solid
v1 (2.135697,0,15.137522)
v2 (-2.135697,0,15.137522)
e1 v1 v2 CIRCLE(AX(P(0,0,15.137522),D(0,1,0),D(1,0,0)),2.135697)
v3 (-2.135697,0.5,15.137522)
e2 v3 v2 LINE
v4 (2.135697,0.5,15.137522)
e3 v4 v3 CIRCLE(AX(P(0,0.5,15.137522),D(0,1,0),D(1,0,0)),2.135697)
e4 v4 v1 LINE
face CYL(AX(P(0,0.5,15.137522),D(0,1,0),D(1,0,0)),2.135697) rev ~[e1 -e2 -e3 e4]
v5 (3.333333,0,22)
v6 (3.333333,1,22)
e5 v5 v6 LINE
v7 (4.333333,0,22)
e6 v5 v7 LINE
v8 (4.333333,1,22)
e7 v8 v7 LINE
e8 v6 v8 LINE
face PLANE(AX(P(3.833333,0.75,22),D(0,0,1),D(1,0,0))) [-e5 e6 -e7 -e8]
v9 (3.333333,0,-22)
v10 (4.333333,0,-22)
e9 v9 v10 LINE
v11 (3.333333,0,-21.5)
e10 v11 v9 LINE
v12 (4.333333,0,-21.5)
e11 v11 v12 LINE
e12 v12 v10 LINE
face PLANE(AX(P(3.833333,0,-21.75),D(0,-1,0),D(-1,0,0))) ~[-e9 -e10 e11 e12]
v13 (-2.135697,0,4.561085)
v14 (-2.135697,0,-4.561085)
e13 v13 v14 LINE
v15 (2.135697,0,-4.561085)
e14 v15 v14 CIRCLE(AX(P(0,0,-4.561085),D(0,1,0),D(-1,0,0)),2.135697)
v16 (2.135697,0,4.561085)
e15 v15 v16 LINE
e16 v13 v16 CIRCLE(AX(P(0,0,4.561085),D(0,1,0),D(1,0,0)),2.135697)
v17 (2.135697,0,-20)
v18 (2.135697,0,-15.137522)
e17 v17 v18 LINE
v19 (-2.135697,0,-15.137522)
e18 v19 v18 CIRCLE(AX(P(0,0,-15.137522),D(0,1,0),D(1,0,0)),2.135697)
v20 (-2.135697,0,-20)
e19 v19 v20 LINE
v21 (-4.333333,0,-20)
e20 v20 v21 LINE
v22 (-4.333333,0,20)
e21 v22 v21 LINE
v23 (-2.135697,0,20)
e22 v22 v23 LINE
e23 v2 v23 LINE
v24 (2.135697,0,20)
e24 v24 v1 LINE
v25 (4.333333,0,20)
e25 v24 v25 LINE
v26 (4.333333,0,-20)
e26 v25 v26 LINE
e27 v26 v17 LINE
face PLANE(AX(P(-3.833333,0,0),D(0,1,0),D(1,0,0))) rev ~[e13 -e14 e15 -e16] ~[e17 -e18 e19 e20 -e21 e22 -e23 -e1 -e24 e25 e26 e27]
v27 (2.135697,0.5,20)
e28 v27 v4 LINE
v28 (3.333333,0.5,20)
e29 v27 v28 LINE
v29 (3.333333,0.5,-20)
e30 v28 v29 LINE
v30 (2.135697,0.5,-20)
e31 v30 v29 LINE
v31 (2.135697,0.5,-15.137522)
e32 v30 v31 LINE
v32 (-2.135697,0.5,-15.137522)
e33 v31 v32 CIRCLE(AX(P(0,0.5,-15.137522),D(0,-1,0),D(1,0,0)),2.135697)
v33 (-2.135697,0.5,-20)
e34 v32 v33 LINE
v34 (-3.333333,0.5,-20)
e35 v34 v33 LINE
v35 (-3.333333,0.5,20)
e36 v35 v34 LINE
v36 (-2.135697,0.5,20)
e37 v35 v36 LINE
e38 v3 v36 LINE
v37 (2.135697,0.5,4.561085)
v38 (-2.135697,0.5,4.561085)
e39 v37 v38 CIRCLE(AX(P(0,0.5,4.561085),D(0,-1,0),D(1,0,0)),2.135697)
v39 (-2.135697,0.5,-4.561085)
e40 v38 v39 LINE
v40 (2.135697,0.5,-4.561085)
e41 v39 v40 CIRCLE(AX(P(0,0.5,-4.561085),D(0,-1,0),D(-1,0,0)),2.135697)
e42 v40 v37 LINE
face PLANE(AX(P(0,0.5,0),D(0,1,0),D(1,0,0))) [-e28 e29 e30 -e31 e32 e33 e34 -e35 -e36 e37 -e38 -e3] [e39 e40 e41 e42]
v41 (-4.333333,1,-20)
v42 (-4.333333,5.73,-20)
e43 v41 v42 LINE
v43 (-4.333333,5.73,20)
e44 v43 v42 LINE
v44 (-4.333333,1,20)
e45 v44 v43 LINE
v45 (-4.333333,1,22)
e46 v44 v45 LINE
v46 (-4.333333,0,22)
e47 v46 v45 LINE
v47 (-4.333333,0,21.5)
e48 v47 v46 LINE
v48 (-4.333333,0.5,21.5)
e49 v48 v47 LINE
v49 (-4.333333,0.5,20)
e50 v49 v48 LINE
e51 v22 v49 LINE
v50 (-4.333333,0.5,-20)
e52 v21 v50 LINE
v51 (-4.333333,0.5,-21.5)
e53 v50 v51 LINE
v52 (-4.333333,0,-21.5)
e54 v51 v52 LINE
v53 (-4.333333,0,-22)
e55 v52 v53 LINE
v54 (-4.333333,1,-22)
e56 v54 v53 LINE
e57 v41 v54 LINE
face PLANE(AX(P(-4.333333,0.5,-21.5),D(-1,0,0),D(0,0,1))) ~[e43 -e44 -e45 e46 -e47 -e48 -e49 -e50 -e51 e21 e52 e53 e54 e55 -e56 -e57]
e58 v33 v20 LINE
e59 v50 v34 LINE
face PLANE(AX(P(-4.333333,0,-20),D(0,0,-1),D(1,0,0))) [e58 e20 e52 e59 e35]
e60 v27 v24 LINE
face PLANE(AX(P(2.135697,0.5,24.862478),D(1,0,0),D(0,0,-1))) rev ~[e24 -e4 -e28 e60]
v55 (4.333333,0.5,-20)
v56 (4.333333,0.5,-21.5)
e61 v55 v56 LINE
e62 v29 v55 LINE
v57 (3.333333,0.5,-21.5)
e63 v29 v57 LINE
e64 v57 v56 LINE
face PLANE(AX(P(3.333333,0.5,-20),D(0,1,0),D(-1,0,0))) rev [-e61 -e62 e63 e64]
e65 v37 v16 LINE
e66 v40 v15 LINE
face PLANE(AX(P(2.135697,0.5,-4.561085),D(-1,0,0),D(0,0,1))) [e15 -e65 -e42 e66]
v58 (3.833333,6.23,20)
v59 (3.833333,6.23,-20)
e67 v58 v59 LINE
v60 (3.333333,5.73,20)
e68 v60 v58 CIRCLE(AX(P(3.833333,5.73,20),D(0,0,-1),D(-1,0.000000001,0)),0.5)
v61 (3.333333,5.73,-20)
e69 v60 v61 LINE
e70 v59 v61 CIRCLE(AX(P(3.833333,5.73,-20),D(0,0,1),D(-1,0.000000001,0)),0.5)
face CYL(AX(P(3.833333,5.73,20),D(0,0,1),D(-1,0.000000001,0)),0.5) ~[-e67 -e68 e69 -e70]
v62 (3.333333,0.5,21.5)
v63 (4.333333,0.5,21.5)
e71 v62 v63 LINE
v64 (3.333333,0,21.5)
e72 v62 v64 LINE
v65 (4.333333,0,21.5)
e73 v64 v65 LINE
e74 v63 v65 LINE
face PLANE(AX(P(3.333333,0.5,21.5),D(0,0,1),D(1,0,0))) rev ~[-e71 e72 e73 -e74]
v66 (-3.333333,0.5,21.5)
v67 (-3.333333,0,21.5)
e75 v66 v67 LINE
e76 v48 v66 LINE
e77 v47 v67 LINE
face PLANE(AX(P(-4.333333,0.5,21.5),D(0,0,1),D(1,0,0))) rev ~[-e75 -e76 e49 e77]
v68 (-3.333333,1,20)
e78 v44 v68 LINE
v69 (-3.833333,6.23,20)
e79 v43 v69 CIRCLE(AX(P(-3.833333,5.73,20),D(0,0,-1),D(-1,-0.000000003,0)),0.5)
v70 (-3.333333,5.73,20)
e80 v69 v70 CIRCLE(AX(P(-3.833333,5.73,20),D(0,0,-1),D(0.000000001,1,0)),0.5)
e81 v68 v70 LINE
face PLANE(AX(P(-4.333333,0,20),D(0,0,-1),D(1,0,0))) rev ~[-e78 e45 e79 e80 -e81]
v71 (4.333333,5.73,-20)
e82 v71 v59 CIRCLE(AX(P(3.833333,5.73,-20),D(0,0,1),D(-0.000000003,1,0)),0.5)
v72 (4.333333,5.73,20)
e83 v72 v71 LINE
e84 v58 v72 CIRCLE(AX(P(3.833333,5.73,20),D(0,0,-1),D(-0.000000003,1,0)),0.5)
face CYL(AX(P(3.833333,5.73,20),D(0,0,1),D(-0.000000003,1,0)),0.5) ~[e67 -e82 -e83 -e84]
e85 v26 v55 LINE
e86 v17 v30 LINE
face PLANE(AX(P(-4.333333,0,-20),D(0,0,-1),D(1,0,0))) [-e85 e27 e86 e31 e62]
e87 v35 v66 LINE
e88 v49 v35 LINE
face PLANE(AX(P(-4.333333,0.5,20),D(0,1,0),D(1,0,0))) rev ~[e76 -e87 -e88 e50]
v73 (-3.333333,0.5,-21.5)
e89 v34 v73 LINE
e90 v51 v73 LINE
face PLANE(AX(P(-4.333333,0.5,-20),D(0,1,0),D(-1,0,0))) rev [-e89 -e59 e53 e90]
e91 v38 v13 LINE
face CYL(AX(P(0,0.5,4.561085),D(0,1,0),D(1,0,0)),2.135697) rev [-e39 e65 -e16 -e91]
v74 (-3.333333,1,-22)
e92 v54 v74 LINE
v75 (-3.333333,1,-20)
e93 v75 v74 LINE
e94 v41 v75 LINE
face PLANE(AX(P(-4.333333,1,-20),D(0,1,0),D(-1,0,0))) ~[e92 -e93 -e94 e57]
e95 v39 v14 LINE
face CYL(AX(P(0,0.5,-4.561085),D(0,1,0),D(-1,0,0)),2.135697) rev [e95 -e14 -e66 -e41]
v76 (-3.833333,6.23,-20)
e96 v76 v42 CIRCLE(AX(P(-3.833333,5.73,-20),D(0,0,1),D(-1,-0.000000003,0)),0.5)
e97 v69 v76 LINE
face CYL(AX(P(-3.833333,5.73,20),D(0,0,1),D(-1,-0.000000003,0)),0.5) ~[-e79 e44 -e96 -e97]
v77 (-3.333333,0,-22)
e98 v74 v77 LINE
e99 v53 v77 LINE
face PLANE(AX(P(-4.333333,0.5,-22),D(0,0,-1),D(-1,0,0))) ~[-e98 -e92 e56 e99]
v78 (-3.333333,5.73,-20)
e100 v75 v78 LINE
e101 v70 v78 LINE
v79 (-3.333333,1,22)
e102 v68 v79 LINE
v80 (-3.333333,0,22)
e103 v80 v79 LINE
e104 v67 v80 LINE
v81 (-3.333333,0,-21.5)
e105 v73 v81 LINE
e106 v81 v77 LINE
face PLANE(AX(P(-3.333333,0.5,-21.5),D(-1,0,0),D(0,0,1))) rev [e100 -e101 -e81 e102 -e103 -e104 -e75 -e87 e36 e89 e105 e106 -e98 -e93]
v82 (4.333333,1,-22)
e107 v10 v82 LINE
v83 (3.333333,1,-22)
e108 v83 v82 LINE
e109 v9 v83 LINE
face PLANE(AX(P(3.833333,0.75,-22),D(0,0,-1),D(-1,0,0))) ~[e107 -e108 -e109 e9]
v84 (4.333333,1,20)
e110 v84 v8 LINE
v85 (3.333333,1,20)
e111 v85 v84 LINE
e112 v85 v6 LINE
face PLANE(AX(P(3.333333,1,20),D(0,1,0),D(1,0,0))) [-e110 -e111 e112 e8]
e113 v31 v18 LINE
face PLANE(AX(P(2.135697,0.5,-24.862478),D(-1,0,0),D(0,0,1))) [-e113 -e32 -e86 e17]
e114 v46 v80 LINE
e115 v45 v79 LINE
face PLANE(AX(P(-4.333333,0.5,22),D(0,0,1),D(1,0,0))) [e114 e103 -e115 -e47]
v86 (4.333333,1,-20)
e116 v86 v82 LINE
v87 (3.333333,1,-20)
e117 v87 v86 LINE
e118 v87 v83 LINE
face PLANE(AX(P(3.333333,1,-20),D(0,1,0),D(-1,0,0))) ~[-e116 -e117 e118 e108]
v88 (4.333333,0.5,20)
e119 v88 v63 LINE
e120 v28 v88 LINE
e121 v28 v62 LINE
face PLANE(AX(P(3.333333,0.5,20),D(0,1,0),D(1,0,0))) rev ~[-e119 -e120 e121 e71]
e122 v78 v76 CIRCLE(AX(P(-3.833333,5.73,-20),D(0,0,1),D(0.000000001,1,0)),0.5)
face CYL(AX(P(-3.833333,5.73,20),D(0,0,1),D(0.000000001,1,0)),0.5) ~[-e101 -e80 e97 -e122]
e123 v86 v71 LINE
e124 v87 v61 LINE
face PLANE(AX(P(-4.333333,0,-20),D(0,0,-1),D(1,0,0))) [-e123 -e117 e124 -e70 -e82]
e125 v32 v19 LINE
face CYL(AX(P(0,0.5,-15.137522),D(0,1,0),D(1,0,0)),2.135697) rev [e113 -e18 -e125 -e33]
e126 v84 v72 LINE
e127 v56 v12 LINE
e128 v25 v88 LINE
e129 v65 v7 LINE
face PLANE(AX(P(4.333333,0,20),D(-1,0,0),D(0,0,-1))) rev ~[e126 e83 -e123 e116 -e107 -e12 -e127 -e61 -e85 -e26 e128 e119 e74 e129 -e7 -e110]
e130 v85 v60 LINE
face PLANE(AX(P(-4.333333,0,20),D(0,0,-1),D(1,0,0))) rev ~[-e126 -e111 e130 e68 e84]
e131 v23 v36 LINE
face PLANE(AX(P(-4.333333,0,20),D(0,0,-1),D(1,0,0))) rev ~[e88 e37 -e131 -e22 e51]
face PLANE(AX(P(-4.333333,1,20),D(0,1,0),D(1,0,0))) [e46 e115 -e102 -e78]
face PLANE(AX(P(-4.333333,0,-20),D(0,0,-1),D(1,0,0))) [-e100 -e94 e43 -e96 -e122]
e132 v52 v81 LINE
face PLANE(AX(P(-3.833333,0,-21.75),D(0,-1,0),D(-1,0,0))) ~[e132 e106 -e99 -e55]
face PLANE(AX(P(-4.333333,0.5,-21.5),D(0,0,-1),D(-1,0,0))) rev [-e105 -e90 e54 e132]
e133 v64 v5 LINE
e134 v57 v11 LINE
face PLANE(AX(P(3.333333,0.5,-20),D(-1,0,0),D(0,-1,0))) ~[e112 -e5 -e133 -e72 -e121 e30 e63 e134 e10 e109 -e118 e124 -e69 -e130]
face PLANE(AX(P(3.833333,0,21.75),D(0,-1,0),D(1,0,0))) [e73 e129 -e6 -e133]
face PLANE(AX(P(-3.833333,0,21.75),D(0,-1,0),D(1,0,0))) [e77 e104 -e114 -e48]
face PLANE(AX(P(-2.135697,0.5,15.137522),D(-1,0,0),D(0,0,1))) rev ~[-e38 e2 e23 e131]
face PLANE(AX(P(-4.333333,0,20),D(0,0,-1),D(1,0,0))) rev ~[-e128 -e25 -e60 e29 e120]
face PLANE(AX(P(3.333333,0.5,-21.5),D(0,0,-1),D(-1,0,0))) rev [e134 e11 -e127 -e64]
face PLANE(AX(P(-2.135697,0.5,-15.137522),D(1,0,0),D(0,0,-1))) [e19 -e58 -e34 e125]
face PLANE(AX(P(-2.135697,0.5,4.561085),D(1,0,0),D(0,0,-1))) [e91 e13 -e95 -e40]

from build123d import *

# Parameters (mm, degrees)
SKETCH1_W           = 6.666666666
SKETCH1_H           = 40
BOSS_EXTRUDE1_DEPTH = 0.5
SKETCH1_3_W         = 1
SKETCH1_3_H         = 40
BOSS_EXTRUDE2_DEPTH = 6.23
SKETCH2_W           = 1
SKETCH2_H           = 0.5
BOSS_EXTRUDE3_DEPTH = 2
SKETCH3_W           = 1
SKETCH3_H           = 0.5
BOSS_EXTRUDE4_DEPTH = 0.5
CUT_EXTRUDE1_DEPTH  = 43.680096975
CUT_EXTRUDE2_DEPTH  = 24.143264199


with BuildPart() as part:
    # Sketch1 → Boss-Extrude1 (new body)
    with BuildSketch(Plane(origin=(0, 0, 0), x_dir=(1, 0, 0), z_dir=(0, 1, 0))):
        Rectangle(SKETCH1_W, SKETCH1_H)
    extrude(amount=BOSS_EXTRUDE1_DEPTH)

    # Sketch1<3> → Boss-Extrude2 (add)
    with BuildSketch(Plane(origin=(0, 0, 0), x_dir=(1, 0, 0), z_dir=(0, 1, 0))):
        with Locations((-3.833333333, 0)):
            Rectangle(SKETCH1_3_W, SKETCH1_3_H)
        with Locations((3.833333333, 0)):
            Rectangle(SKETCH1_3_W, SKETCH1_3_H)
    extrude(amount=BOSS_EXTRUDE2_DEPTH)

    # Sketch2 → Boss-Extrude3 (add)
    with BuildSketch(Plane.XY.offset(20)):
        with Locations((-3.833333333, 0.75)):
            Rectangle(SKETCH2_W, SKETCH2_H)
        with Locations((3.833333333, 0.75)):
            Rectangle(SKETCH2_W, SKETCH2_H)
    boss_extrude3 = extrude(amount=BOSS_EXTRUDE3_DEPTH)

    # Sketch3 → Boss-Extrude4 (add)
    with BuildSketch(Plane.XZ.offset(-0.5)):
        with Locations((-3.833333333, 21.75)):
            Rectangle(SKETCH3_W, SKETCH3_H)
        with Locations((3.833333333, 21.75)):
            Rectangle(SKETCH3_W, SKETCH3_H)
    boss_extrude4 = extrude(amount=BOSS_EXTRUDE4_DEPTH)

    # Mirror1: Boss-Extrude3, Boss-Extrude4 across plane
    add(boss_extrude3.mirror(Plane.XY))
    add(boss_extrude4.mirror(Plane.XY))

    # Sketch5 → Cut-Extrude1 (cut, through all)
    with BuildSketch(Plane.XY.offset(20)):
        with BuildLine():
            Line((-4.333333333, 6.23), (-4.333333333, 5.73))
            ThreePointArc((-4.333333333, 5.73), (-4.186886724, 6.083553391), (-3.833333333, 6.23))
            Line((-3.833333333, 6.23), (-4.333333333, 6.23))
        make_face()
        with BuildLine():
            Line((-3.333333333, 6.23), (-3.833333333, 6.23))
            ThreePointArc((-3.833333333, 6.23), (-3.479779943, 6.083553391), (-3.333333333, 5.73))
            Line((-3.333333333, 5.73), (-3.333333333, 6.23))
        make_face()
        with BuildLine():
            Line((3.833333333, 6.23), (3.333333333, 6.23))
            Line((3.333333333, 6.23), (3.333333333, 5.73))
            ThreePointArc((3.333333333, 5.73), (3.479779943, 6.083553391), (3.833333333, 6.23))
        make_face()
        with BuildLine():
            Line((4.333333333, 6.23), (3.833333333, 6.23))
            ThreePointArc((3.833333333, 6.23), (4.186886724, 6.083553391), (4.333333333, 5.73))
            Line((4.333333333, 5.73), (4.333333333, 6.23))
        make_face()
    extrude(amount=-CUT_EXTRUDE1_DEPTH, mode=Mode.SUBTRACT)

    # Sketch6 → Cut-Extrude2 (cut, through all)
    with BuildSketch(Plane(origin=(0, 0.5, 0), x_dir=(1, 0, 0), z_dir=(0, 1, 0))):
        with BuildLine():
            Line((2.13569746, 4.561085027), (2.13569746, -4.561085027))
            ThreePointArc((2.13569746, -4.561085027), (0, -6.696782487), (-2.13569746, -4.561085027))
            Line((-2.13569746, -4.561085027), (-2.13569746, 4.561085027))
            ThreePointArc((-2.13569746, 4.561085027), (0, 6.696782487), (2.13569746, 4.561085027))
        make_face()
        with BuildLine():
            Line((2.13569746, 24.862478311), (2.13569746, 15.137521689))
            ThreePointArc((2.13569746, 15.137521689), (0, 13.001824229), (-2.13569746, 15.137521689))
            Line((-2.13569746, 15.137521689), (-2.13569746, 24.862478311))
            ThreePointArc((-2.13569746, 24.862478311), (0, 26.998175771), (2.13569746, 24.862478311))
        make_face()
        with BuildLine():
            Line((2.13569746, -24.862478311), (2.13569746, -15.137521689))
            ThreePointArc((2.13569746, -15.137521689), (0, -13.001824229), (-2.13569746, -15.137521689))
            Line((-2.13569746, -15.137521689), (-2.13569746, -24.862478311))
            ThreePointArc((-2.13569746, -24.862478311), (0, -26.998175771), (2.13569746, -24.862478311))
        make_face()
    extrude(amount=-CUT_EXTRUDE2_DEPTH, mode=Mode.SUBTRACT)


solid = part.part
